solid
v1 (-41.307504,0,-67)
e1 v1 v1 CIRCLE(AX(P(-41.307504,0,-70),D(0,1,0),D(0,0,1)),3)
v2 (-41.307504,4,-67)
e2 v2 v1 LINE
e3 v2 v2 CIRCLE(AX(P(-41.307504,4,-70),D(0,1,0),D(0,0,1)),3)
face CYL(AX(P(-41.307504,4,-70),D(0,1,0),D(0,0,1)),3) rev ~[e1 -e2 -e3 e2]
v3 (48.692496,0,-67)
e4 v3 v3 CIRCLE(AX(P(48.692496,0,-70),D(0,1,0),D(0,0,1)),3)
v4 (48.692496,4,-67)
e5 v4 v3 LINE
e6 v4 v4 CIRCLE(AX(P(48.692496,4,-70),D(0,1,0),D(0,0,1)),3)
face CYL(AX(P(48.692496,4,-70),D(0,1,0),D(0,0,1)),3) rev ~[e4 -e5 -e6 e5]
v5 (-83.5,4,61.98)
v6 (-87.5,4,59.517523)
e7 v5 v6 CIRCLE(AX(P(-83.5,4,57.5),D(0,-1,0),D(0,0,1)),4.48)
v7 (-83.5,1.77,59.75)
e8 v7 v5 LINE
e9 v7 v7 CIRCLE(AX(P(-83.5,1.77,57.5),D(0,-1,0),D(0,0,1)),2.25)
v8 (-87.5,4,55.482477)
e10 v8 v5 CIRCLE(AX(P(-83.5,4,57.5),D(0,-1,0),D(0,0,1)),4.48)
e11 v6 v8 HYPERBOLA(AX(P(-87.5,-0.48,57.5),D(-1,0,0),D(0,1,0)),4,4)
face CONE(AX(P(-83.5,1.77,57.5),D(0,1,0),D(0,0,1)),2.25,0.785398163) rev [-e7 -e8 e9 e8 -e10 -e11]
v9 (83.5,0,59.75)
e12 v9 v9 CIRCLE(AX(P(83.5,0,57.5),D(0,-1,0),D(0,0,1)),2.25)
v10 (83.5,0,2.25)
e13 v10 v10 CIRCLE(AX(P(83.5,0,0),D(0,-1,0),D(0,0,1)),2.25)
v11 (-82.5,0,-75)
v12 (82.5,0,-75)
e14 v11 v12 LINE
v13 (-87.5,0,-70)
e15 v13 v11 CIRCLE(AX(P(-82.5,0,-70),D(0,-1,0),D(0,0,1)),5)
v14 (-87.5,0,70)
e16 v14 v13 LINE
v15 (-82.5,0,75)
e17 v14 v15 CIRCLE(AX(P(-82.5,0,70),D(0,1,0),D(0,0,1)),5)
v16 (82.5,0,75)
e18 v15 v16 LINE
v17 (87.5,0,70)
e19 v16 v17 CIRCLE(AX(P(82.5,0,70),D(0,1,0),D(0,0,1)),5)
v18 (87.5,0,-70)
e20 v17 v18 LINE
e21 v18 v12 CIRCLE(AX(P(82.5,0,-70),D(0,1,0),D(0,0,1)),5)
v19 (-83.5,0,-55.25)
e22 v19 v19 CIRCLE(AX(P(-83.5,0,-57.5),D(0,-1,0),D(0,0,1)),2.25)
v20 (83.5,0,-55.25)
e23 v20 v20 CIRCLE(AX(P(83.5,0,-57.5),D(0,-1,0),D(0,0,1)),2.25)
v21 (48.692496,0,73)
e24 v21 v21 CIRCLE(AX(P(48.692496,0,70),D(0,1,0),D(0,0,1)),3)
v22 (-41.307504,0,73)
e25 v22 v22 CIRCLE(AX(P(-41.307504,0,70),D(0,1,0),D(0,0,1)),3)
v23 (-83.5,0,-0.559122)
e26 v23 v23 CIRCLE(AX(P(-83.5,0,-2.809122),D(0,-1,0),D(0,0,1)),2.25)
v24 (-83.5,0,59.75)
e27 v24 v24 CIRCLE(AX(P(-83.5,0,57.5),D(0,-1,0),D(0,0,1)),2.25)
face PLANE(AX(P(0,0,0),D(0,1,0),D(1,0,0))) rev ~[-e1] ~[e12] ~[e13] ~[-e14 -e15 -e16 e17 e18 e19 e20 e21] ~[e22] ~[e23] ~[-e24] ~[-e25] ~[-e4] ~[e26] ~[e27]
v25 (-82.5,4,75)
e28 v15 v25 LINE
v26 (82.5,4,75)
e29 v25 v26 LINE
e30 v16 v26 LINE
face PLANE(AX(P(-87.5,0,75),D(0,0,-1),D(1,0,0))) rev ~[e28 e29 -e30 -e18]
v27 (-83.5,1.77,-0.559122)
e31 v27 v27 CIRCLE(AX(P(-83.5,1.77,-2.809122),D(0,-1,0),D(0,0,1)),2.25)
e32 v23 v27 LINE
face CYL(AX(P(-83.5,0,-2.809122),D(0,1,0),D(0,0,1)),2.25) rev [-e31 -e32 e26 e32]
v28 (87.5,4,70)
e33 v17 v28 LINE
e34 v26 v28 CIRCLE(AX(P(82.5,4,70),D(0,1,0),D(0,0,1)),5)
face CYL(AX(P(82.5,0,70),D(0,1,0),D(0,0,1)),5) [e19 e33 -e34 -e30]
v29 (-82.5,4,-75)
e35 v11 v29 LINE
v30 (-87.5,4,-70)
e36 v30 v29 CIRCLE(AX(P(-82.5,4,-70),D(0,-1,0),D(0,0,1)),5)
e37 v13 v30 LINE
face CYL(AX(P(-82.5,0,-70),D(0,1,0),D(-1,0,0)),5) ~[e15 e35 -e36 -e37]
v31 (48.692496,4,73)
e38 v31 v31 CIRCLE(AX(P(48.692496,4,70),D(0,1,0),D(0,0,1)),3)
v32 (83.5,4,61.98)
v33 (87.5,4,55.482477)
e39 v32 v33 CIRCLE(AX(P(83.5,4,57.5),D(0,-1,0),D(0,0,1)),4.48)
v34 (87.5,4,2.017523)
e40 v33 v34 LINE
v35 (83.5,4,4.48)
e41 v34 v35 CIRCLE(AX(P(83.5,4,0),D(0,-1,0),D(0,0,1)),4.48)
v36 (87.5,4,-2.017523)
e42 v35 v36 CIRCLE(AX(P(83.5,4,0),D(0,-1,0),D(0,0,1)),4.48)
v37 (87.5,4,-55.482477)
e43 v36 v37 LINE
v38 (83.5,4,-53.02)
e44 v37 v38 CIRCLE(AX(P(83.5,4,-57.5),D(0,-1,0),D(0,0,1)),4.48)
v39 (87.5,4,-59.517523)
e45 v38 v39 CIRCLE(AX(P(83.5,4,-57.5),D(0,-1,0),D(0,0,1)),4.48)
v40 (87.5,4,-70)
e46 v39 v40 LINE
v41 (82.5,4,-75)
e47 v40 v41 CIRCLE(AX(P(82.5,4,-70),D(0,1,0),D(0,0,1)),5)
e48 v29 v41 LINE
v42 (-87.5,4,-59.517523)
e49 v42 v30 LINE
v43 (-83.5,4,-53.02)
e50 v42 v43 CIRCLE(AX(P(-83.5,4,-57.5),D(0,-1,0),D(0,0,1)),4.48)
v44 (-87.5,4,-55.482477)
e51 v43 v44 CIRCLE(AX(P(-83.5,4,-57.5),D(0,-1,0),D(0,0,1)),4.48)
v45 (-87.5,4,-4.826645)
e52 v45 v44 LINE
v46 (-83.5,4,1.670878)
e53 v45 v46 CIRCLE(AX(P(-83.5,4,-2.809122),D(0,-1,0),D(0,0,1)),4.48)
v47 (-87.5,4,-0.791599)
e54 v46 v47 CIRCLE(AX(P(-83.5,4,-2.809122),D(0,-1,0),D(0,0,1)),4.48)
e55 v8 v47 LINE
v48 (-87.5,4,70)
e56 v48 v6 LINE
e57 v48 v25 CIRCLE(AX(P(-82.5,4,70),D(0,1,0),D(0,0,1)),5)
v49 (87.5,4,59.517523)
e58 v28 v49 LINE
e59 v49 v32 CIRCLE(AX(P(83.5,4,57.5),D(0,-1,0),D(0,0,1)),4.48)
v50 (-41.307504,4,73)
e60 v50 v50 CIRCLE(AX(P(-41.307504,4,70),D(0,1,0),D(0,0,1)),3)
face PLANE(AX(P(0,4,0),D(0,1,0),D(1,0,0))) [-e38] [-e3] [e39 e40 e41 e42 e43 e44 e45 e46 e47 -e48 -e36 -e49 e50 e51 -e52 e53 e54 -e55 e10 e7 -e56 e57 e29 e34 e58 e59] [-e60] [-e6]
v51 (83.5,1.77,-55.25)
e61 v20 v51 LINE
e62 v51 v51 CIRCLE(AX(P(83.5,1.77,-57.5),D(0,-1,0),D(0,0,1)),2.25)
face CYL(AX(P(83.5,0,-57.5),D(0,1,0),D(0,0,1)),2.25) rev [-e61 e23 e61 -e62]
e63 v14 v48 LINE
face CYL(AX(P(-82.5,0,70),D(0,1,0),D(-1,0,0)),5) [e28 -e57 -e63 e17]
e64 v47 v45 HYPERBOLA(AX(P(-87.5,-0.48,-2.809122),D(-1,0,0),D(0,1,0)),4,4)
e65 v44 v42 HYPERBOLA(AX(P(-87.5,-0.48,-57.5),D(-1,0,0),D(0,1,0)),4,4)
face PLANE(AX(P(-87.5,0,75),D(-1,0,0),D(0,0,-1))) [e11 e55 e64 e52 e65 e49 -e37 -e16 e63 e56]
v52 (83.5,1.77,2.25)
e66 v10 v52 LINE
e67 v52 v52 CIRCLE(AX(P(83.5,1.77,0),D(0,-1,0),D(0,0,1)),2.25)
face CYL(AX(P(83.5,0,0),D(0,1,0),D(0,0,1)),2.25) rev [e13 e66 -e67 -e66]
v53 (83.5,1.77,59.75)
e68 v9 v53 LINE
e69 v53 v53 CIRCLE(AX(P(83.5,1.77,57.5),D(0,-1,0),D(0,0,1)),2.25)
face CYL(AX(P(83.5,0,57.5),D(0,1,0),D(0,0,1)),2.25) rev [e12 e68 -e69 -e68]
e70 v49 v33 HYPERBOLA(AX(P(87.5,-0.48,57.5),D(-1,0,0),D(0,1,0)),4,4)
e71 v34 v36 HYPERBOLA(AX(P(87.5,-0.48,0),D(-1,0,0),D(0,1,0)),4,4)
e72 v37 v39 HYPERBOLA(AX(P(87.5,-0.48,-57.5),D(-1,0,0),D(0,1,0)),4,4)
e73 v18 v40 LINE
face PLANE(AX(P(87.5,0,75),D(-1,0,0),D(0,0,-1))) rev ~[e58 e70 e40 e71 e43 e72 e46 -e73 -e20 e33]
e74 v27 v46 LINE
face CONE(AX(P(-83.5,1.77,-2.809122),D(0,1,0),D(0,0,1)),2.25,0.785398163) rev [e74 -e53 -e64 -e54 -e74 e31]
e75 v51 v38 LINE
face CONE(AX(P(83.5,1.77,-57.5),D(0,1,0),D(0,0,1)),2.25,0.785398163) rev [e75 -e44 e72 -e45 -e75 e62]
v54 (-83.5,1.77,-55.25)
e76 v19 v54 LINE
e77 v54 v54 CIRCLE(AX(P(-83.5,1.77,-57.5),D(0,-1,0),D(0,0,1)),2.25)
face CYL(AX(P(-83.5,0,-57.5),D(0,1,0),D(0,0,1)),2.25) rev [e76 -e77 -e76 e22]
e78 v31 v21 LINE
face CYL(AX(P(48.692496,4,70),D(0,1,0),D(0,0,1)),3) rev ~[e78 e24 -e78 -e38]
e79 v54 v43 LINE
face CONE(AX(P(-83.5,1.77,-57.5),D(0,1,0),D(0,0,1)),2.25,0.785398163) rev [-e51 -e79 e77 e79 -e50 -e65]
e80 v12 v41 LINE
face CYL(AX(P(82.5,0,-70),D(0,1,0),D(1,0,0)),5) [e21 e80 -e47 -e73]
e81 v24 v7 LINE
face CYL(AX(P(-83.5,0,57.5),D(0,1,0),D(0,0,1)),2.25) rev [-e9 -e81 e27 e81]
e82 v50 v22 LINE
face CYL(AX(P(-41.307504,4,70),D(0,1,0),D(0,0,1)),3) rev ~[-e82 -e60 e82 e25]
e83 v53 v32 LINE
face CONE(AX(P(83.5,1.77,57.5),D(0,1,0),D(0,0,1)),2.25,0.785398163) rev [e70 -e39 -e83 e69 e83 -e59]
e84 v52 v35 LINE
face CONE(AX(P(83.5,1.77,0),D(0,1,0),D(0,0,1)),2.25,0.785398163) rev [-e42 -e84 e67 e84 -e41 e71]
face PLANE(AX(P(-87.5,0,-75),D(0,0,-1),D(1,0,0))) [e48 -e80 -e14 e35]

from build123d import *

# Parameters (mm, degrees)
IZIM1_W                       = 175
IZIM1_H                       = 150
Y_KSEKLIK_EKSTR_ZYON1_DEPTH   = 4
RADYUS1_R                     = 5
IZIM2_R                       = 2
IZIM2_R_2                     = 3
KES_EKSTR_ZYON1_DEPTH         = 10
M4_SFHCS_IN_HAV_A1_AT_2_COUNT = 2
M4_SFHCS_IN_HAV_A1_AT_2_PITCH = 54.690877802
M4_SFHCS_IN_HAV_A1_AT_3_COUNT = 2
M4_SFHCS_IN_HAV_A1_AT_3_PITCH = 115
M4_SFHCS_IN_HAV_A1_AT_4_COUNT = 2
M4_SFHCS_IN_HAV_A1_AT_4_PITCH = 202.765874841
M4_SFHCS_IN_HAV_A1_AT_5_COUNT = 2
M4_SFHCS_IN_HAV_A1_AT_5_PITCH = 176.621771025
M4_SFHCS_IN_HAV_A1_AT_6_COUNT = 2
M4_SFHCS_IN_HAV_A1_AT_6_PITCH = 167


with BuildPart() as part:
    # Çizim1 → Yükseklik-Ekstrüzyon1 (new body)
    with BuildSketch(Plane(origin=(0, 0, 0), x_dir=(1, 0, 0), z_dir=(0, 1, 0))):
        Rectangle(IZIM1_W, IZIM1_H)
    extrude(amount=Y_KSEKLIK_EKSTR_ZYON1_DEPTH)

    # Radyus1
    radyus1_edges = [part.edges().sort_by_distance(p)[0] for p in [
        (-87.5, 2, -75),
        (87.5, 2, -75),
        (87.5, 2, 75),
        (-87.5, 2, 75),
    ]]
    fillet(radyus1_edges, radius=RADYUS1_R)

    # Çizim2 → Kes-Ekstrüzyon1 (cut)
    with BuildSketch(Plane(origin=(0, 4, 0), x_dir=(1, 0, 0), z_dir=(0, 1, 0))):
        with Locations(Location((-83.5, -57.5, 0), (0, 0, 270))):
            Circle(IZIM2_R)
        with Locations(Location((83.5, -57.5, 0), (0, 0, 270))):
            Circle(IZIM2_R)
        with Locations(Location((83.5, 0, 0), (0, 0, 270))):
            Circle(IZIM2_R)
        with Locations(Location((83.5, 57.5, 0), (0, 0, 270))):
            Circle(IZIM2_R)
        with Locations(Location((-83.5, 57.5, 0), (0, 0, 270))):
            Circle(IZIM2_R)
        with Locations(Location((-83.5, 2.809122198, 0), (0, 0, 270))):
            Circle(IZIM2_R)
        with Locations(Location((-41.307504104, -70, 0), (0, 0, 270))):
            Circle(IZIM2_R_2)
        with Locations(Location((48.692495896, -70, 0), (0, 0, 270))):
            Circle(IZIM2_R_2)
        with Locations(Location((-41.307504104, 70, 0), (0, 0, 270))):
            Circle(IZIM2_R_2)
        with Locations(Location((48.692495896, 70, 0), (0, 0, 270))):
            Circle(IZIM2_R_2)
    extrude(amount=-KES_EKSTR_ZYON1_DEPTH, mode=Mode.SUBTRACT)

    # Çizim3 → M4 SFHCS İçin Havşa1 (revolve, cut)
    with BuildSketch(Plane(origin=(-83.5, 4, -57.5), x_dir=(0, 0, 1), z_dir=(1, 0, 0))):
        Polygon((0, 0), (0, 4), (2.25, 4), (2.25, 2.23), (4.48, 0), align=None)
    m4_sfhcs_in_hav_a1 = revolve(axis=Axis((-83.5, 10.35, -57.5), (0, -1, 0)), mode=Mode.SUBTRACT)

    # M4 SFHCS İçin Havşa1 at 2: M4 SFHCS İçin Havşa1 ×2
    with Locations(*[(0, 0, i * M4_SFHCS_IN_HAV_A1_AT_2_PITCH) for i in range(1, M4_SFHCS_IN_HAV_A1_AT_2_COUNT)]):
        add(m4_sfhcs_in_hav_a1, mode=Mode.SUBTRACT)

    # M4 SFHCS İçin Havşa1 at 3: M4 SFHCS İçin Havşa1 ×2
    with Locations(*[(0, 0, i * M4_SFHCS_IN_HAV_A1_AT_3_PITCH) for i in range(1, M4_SFHCS_IN_HAV_A1_AT_3_COUNT)]):
        add(m4_sfhcs_in_hav_a1, mode=Mode.SUBTRACT)

    # M4 SFHCS İçin Havşa1 at 4: M4 SFHCS İçin Havşa1 ×2
    with Locations(*[Vector(0.8236099892599149, 0, 0.5671565794304804) * (i * M4_SFHCS_IN_HAV_A1_AT_4_PITCH) for i in range(1, M4_SFHCS_IN_HAV_A1_AT_4_COUNT)]):
        add(m4_sfhcs_in_hav_a1, mode=Mode.SUBTRACT)

    # M4 SFHCS İçin Havşa1 at 5: M4 SFHCS İçin Havşa1 ×2
    with Locations(*[Vector(0.9455233011811556, 0, 0.3255544300474038) * (i * M4_SFHCS_IN_HAV_A1_AT_5_PITCH) for i in range(1, M4_SFHCS_IN_HAV_A1_AT_5_COUNT)]):
        add(m4_sfhcs_in_hav_a1, mode=Mode.SUBTRACT)

    # M4 SFHCS İçin Havşa1 at 6: M4 SFHCS İçin Havşa1 ×2
    with Locations(*[(i * M4_SFHCS_IN_HAV_A1_AT_6_PITCH, 0, 0) for i in range(1, M4_SFHCS_IN_HAV_A1_AT_6_COUNT)]):
        add(m4_sfhcs_in_hav_a1, mode=Mode.SUBTRACT)


solid = part.part
